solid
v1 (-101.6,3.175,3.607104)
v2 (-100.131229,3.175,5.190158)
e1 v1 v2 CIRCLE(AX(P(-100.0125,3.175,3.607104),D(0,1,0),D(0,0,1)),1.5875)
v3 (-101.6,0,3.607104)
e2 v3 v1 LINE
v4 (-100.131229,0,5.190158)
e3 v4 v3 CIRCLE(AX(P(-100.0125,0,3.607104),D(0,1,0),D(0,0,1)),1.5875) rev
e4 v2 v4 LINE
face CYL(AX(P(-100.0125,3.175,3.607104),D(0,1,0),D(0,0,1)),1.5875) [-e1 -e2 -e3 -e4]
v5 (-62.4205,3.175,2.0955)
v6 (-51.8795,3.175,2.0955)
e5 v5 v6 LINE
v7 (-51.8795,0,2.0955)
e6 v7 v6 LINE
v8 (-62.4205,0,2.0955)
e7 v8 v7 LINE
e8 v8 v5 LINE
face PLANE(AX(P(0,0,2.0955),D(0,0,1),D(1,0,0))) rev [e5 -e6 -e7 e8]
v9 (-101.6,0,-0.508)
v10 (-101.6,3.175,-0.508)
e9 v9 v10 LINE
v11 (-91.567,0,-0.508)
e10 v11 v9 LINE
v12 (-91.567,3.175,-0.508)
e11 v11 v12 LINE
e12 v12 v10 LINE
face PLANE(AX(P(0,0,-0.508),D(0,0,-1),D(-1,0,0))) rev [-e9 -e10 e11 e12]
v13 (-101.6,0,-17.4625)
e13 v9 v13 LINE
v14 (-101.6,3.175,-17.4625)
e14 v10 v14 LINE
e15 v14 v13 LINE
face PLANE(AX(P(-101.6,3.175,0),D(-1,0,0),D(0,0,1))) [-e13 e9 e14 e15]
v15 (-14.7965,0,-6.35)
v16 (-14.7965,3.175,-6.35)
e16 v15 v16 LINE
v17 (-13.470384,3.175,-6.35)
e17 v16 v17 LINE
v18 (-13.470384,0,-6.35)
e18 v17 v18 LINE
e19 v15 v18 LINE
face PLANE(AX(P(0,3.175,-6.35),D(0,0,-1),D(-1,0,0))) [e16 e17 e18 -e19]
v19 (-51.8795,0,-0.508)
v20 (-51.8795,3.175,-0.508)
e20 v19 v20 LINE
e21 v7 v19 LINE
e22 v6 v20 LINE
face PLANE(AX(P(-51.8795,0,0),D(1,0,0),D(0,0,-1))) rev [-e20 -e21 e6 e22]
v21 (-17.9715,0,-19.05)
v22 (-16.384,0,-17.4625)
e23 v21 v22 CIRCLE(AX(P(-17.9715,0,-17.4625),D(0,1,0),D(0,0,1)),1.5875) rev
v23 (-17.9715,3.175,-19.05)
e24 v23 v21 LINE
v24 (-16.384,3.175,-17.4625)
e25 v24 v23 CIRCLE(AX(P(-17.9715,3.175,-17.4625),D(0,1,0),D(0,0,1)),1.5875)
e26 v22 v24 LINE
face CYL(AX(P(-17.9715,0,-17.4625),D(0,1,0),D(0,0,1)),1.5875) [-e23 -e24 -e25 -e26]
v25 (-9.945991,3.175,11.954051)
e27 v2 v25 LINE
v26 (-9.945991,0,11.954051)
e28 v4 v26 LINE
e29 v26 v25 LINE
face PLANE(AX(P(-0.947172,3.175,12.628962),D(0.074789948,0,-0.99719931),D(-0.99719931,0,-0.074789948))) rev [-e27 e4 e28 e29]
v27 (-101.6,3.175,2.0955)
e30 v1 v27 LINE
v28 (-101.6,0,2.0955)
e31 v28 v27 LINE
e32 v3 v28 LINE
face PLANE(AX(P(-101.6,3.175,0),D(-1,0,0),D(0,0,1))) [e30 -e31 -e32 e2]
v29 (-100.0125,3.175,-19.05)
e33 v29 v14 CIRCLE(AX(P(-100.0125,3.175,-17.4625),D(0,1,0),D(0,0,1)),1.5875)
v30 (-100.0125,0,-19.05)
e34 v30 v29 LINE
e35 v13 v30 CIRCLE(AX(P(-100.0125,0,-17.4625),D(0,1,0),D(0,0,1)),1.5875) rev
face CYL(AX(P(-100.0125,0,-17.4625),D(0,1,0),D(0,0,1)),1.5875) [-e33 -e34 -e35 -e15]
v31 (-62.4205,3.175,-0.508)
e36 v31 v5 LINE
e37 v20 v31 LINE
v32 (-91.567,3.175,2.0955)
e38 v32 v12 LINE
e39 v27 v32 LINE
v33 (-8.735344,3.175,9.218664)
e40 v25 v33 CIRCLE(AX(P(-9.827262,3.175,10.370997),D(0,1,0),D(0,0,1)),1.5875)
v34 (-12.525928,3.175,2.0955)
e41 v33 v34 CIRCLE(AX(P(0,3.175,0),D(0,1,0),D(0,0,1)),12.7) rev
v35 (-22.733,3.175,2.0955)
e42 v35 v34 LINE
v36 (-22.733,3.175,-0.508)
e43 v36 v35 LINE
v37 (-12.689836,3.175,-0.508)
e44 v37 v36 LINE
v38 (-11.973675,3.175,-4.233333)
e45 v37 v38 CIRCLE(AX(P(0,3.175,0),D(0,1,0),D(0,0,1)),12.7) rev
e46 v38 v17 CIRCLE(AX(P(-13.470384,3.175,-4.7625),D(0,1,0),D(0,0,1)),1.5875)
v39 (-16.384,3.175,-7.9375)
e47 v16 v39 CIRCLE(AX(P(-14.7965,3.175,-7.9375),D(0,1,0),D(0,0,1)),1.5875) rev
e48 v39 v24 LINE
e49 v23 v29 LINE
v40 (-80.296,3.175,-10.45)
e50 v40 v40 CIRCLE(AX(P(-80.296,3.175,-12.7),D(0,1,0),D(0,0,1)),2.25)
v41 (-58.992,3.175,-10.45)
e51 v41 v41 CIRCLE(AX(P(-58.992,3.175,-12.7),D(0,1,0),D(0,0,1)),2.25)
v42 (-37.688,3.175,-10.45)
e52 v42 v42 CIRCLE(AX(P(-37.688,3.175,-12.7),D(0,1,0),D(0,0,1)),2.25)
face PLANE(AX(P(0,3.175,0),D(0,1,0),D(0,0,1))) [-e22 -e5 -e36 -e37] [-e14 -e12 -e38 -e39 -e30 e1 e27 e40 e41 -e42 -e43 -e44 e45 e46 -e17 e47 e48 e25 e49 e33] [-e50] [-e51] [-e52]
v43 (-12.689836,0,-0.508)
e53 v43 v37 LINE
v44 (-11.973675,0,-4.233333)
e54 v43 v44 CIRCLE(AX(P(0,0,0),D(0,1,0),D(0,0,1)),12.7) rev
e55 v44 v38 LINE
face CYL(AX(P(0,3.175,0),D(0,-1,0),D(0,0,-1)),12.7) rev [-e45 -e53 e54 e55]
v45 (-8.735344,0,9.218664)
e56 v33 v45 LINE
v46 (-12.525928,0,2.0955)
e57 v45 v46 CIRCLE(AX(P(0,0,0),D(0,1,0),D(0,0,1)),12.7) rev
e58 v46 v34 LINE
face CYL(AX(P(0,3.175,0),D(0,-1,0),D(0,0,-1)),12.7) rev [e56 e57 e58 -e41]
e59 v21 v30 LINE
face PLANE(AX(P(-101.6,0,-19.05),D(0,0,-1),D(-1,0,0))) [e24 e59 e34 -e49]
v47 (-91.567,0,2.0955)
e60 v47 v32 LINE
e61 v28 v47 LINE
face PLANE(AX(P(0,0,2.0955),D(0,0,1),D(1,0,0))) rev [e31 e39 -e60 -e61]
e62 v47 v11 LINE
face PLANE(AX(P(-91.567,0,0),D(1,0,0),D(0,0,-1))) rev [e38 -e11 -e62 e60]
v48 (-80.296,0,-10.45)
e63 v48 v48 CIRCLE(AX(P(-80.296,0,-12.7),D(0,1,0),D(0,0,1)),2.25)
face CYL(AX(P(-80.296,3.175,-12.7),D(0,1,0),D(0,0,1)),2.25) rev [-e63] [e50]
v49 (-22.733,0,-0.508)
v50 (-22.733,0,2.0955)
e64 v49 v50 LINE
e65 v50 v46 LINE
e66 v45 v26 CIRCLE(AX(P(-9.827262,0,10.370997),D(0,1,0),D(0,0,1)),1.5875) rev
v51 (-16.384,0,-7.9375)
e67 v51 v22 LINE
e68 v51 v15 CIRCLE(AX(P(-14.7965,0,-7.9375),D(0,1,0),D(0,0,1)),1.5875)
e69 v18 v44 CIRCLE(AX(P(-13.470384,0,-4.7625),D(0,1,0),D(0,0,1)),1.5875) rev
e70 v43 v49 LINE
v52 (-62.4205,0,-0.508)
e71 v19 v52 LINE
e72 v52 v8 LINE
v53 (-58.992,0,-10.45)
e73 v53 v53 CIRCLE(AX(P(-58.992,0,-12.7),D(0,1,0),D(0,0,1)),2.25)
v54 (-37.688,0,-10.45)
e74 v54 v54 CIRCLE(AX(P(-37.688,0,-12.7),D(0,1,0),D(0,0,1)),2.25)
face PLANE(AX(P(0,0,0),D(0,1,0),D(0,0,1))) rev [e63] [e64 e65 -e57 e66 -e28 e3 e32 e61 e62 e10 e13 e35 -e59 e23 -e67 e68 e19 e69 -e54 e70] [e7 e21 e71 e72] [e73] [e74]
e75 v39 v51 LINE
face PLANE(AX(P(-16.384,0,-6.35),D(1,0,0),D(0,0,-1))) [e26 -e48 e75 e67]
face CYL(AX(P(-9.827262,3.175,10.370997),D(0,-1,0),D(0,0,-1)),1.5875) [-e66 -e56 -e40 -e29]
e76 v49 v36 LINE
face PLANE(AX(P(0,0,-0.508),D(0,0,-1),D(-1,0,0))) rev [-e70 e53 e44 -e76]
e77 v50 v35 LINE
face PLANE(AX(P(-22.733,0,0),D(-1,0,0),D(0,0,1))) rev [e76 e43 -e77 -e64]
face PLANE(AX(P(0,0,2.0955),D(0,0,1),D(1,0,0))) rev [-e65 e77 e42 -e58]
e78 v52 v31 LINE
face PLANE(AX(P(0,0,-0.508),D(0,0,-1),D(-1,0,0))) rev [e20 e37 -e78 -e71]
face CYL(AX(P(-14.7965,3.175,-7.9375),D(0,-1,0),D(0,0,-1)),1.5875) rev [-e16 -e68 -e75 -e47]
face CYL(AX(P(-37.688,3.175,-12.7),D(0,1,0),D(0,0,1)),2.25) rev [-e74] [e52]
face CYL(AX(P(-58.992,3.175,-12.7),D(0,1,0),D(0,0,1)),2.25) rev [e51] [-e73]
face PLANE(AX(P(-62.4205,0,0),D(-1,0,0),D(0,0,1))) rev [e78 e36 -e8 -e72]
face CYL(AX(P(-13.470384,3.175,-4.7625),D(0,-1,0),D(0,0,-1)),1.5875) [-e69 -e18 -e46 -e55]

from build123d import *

# Parameters (mm, degrees)
BOSS_EXTRUDE1_DEPTH  = 3.175
FILLET1_R            = 1.5875
SKETCH2_W            = 85.216
SKETCH2_H            = 12.7
BOSS_EXTRUDE2_DEPTH  = 3.175
FILLET2_R            = 1.5875
M4_CLEARANCE_HOLE1_D = 4.5
CUT_EXTRUDE1_START   = -3.175
SKETCH5_W            = 9.525
SKETCH5_H            = 1.5875
SKETCH5_W_2          = 10.541
SKETCH5_H_2          = 2.6035
CUT_EXTRUDE1_DEPTH   = 3.175


with BuildPart() as part:
    # Sketch1 → Boss-Extrude1 (new body)
    with BuildSketch(Plane(origin=(0, 0, 0), x_dir=(1, 0, 0), z_dir=(0, 1, 0))):
        with BuildLine():
            Line((-101.6, 0), (-101.6, -5.08))
            Line((-101.6, -5.08), (-1.894344313, -12.557924177))
            ThreePointArc((-1.894344313, -12.557924177), (-11.442635346, -5.50963668), (-10.998522628, 6.35))
            Line((-10.998522628, 6.35), (-101.6, 6.35))
            Line((-101.6, 6.35), (-101.6, 0))
        make_face()
    extrude(amount=BOSS_EXTRUDE1_DEPTH)

    # Fillet1
    fillet1_edges = [part.edges().sort_by_distance(p)[0] for p in [
        (-10.998522628, 1.5875, -6.35),
        (-1.894344313, 1.5875, 12.557924177),
    ]]
    fillet(fillet1_edges, radius=FILLET1_R)

    # Sketch2 → Boss-Extrude2 (add)
    with BuildSketch(Plane(origin=(0, 3.175, 0), x_dir=(1, 0, 0), z_dir=(0, 1, 0))):
        with Locations((-58.992, 12.7)):
            Rectangle(SKETCH2_W, SKETCH2_H)
    extrude(amount=-BOSS_EXTRUDE2_DEPTH)

    # Fillet2
    fillet2_edges = [part.edges().sort_by_distance(p)[0] for p in [
        (-101.6, 1.5875, -19.05),
        (-16.384, 1.5875, -19.05),
        (-16.384, 1.5875, -6.35),
        (-101.6, 1.5875, 5.08),
    ]]
    fillet(fillet2_edges, radius=FILLET2_R)

    # M4 Clearance Hole1 (through all)
    with Locations(Plane(origin=(0, 3.175, 0), x_dir=(1, 0, 0), z_dir=(0, 1, 0))):
        with Locations((-80.296, 12.7), (-58.992, 12.7), (-37.688, 12.7)):
            Hole(M4_CLEARANCE_HOLE1_D / 2)

    # Sketch5 → Cut-Extrude1 (cut)
    with BuildSketch(Plane(origin=(0, 3.175, 0), x_dir=(1, 0, 0), z_dir=(0, 1, 0)).offset(CUT_EXTRUDE1_START)):
        with Locations((-96.8375, -0.79375)):
            Rectangle(SKETCH5_W, SKETCH5_H)
        Polygon((-101.6, 0), (-92.075, 0), (-92.075, -1.5875), (-101.6, -1.5875), (-101.6, -2.0955), (-91.567, -2.0955), (-91.567, 0.508), (-101.6, 0.508), align=None)
        with Locations((-57.15, -0.79375)):
            Rectangle(SKETCH5_W_2, SKETCH5_H_2)
        with BuildLine():
            Line((-22.733, -2.0955), (-12.525928299, -2.0955))
            ThreePointArc((-12.525928299, -2.0955), (-12.674906095, -0.797969605), (-12.689835933, 0.508))
            Line((-12.689835933, 0.508), (-22.733, 0.508))
            Line((-22.733, 0.508), (-22.733, -2.0955))
        make_face()
    extrude(amount=CUT_EXTRUDE1_DEPTH, mode=Mode.SUBTRACT)


solid = part.part
